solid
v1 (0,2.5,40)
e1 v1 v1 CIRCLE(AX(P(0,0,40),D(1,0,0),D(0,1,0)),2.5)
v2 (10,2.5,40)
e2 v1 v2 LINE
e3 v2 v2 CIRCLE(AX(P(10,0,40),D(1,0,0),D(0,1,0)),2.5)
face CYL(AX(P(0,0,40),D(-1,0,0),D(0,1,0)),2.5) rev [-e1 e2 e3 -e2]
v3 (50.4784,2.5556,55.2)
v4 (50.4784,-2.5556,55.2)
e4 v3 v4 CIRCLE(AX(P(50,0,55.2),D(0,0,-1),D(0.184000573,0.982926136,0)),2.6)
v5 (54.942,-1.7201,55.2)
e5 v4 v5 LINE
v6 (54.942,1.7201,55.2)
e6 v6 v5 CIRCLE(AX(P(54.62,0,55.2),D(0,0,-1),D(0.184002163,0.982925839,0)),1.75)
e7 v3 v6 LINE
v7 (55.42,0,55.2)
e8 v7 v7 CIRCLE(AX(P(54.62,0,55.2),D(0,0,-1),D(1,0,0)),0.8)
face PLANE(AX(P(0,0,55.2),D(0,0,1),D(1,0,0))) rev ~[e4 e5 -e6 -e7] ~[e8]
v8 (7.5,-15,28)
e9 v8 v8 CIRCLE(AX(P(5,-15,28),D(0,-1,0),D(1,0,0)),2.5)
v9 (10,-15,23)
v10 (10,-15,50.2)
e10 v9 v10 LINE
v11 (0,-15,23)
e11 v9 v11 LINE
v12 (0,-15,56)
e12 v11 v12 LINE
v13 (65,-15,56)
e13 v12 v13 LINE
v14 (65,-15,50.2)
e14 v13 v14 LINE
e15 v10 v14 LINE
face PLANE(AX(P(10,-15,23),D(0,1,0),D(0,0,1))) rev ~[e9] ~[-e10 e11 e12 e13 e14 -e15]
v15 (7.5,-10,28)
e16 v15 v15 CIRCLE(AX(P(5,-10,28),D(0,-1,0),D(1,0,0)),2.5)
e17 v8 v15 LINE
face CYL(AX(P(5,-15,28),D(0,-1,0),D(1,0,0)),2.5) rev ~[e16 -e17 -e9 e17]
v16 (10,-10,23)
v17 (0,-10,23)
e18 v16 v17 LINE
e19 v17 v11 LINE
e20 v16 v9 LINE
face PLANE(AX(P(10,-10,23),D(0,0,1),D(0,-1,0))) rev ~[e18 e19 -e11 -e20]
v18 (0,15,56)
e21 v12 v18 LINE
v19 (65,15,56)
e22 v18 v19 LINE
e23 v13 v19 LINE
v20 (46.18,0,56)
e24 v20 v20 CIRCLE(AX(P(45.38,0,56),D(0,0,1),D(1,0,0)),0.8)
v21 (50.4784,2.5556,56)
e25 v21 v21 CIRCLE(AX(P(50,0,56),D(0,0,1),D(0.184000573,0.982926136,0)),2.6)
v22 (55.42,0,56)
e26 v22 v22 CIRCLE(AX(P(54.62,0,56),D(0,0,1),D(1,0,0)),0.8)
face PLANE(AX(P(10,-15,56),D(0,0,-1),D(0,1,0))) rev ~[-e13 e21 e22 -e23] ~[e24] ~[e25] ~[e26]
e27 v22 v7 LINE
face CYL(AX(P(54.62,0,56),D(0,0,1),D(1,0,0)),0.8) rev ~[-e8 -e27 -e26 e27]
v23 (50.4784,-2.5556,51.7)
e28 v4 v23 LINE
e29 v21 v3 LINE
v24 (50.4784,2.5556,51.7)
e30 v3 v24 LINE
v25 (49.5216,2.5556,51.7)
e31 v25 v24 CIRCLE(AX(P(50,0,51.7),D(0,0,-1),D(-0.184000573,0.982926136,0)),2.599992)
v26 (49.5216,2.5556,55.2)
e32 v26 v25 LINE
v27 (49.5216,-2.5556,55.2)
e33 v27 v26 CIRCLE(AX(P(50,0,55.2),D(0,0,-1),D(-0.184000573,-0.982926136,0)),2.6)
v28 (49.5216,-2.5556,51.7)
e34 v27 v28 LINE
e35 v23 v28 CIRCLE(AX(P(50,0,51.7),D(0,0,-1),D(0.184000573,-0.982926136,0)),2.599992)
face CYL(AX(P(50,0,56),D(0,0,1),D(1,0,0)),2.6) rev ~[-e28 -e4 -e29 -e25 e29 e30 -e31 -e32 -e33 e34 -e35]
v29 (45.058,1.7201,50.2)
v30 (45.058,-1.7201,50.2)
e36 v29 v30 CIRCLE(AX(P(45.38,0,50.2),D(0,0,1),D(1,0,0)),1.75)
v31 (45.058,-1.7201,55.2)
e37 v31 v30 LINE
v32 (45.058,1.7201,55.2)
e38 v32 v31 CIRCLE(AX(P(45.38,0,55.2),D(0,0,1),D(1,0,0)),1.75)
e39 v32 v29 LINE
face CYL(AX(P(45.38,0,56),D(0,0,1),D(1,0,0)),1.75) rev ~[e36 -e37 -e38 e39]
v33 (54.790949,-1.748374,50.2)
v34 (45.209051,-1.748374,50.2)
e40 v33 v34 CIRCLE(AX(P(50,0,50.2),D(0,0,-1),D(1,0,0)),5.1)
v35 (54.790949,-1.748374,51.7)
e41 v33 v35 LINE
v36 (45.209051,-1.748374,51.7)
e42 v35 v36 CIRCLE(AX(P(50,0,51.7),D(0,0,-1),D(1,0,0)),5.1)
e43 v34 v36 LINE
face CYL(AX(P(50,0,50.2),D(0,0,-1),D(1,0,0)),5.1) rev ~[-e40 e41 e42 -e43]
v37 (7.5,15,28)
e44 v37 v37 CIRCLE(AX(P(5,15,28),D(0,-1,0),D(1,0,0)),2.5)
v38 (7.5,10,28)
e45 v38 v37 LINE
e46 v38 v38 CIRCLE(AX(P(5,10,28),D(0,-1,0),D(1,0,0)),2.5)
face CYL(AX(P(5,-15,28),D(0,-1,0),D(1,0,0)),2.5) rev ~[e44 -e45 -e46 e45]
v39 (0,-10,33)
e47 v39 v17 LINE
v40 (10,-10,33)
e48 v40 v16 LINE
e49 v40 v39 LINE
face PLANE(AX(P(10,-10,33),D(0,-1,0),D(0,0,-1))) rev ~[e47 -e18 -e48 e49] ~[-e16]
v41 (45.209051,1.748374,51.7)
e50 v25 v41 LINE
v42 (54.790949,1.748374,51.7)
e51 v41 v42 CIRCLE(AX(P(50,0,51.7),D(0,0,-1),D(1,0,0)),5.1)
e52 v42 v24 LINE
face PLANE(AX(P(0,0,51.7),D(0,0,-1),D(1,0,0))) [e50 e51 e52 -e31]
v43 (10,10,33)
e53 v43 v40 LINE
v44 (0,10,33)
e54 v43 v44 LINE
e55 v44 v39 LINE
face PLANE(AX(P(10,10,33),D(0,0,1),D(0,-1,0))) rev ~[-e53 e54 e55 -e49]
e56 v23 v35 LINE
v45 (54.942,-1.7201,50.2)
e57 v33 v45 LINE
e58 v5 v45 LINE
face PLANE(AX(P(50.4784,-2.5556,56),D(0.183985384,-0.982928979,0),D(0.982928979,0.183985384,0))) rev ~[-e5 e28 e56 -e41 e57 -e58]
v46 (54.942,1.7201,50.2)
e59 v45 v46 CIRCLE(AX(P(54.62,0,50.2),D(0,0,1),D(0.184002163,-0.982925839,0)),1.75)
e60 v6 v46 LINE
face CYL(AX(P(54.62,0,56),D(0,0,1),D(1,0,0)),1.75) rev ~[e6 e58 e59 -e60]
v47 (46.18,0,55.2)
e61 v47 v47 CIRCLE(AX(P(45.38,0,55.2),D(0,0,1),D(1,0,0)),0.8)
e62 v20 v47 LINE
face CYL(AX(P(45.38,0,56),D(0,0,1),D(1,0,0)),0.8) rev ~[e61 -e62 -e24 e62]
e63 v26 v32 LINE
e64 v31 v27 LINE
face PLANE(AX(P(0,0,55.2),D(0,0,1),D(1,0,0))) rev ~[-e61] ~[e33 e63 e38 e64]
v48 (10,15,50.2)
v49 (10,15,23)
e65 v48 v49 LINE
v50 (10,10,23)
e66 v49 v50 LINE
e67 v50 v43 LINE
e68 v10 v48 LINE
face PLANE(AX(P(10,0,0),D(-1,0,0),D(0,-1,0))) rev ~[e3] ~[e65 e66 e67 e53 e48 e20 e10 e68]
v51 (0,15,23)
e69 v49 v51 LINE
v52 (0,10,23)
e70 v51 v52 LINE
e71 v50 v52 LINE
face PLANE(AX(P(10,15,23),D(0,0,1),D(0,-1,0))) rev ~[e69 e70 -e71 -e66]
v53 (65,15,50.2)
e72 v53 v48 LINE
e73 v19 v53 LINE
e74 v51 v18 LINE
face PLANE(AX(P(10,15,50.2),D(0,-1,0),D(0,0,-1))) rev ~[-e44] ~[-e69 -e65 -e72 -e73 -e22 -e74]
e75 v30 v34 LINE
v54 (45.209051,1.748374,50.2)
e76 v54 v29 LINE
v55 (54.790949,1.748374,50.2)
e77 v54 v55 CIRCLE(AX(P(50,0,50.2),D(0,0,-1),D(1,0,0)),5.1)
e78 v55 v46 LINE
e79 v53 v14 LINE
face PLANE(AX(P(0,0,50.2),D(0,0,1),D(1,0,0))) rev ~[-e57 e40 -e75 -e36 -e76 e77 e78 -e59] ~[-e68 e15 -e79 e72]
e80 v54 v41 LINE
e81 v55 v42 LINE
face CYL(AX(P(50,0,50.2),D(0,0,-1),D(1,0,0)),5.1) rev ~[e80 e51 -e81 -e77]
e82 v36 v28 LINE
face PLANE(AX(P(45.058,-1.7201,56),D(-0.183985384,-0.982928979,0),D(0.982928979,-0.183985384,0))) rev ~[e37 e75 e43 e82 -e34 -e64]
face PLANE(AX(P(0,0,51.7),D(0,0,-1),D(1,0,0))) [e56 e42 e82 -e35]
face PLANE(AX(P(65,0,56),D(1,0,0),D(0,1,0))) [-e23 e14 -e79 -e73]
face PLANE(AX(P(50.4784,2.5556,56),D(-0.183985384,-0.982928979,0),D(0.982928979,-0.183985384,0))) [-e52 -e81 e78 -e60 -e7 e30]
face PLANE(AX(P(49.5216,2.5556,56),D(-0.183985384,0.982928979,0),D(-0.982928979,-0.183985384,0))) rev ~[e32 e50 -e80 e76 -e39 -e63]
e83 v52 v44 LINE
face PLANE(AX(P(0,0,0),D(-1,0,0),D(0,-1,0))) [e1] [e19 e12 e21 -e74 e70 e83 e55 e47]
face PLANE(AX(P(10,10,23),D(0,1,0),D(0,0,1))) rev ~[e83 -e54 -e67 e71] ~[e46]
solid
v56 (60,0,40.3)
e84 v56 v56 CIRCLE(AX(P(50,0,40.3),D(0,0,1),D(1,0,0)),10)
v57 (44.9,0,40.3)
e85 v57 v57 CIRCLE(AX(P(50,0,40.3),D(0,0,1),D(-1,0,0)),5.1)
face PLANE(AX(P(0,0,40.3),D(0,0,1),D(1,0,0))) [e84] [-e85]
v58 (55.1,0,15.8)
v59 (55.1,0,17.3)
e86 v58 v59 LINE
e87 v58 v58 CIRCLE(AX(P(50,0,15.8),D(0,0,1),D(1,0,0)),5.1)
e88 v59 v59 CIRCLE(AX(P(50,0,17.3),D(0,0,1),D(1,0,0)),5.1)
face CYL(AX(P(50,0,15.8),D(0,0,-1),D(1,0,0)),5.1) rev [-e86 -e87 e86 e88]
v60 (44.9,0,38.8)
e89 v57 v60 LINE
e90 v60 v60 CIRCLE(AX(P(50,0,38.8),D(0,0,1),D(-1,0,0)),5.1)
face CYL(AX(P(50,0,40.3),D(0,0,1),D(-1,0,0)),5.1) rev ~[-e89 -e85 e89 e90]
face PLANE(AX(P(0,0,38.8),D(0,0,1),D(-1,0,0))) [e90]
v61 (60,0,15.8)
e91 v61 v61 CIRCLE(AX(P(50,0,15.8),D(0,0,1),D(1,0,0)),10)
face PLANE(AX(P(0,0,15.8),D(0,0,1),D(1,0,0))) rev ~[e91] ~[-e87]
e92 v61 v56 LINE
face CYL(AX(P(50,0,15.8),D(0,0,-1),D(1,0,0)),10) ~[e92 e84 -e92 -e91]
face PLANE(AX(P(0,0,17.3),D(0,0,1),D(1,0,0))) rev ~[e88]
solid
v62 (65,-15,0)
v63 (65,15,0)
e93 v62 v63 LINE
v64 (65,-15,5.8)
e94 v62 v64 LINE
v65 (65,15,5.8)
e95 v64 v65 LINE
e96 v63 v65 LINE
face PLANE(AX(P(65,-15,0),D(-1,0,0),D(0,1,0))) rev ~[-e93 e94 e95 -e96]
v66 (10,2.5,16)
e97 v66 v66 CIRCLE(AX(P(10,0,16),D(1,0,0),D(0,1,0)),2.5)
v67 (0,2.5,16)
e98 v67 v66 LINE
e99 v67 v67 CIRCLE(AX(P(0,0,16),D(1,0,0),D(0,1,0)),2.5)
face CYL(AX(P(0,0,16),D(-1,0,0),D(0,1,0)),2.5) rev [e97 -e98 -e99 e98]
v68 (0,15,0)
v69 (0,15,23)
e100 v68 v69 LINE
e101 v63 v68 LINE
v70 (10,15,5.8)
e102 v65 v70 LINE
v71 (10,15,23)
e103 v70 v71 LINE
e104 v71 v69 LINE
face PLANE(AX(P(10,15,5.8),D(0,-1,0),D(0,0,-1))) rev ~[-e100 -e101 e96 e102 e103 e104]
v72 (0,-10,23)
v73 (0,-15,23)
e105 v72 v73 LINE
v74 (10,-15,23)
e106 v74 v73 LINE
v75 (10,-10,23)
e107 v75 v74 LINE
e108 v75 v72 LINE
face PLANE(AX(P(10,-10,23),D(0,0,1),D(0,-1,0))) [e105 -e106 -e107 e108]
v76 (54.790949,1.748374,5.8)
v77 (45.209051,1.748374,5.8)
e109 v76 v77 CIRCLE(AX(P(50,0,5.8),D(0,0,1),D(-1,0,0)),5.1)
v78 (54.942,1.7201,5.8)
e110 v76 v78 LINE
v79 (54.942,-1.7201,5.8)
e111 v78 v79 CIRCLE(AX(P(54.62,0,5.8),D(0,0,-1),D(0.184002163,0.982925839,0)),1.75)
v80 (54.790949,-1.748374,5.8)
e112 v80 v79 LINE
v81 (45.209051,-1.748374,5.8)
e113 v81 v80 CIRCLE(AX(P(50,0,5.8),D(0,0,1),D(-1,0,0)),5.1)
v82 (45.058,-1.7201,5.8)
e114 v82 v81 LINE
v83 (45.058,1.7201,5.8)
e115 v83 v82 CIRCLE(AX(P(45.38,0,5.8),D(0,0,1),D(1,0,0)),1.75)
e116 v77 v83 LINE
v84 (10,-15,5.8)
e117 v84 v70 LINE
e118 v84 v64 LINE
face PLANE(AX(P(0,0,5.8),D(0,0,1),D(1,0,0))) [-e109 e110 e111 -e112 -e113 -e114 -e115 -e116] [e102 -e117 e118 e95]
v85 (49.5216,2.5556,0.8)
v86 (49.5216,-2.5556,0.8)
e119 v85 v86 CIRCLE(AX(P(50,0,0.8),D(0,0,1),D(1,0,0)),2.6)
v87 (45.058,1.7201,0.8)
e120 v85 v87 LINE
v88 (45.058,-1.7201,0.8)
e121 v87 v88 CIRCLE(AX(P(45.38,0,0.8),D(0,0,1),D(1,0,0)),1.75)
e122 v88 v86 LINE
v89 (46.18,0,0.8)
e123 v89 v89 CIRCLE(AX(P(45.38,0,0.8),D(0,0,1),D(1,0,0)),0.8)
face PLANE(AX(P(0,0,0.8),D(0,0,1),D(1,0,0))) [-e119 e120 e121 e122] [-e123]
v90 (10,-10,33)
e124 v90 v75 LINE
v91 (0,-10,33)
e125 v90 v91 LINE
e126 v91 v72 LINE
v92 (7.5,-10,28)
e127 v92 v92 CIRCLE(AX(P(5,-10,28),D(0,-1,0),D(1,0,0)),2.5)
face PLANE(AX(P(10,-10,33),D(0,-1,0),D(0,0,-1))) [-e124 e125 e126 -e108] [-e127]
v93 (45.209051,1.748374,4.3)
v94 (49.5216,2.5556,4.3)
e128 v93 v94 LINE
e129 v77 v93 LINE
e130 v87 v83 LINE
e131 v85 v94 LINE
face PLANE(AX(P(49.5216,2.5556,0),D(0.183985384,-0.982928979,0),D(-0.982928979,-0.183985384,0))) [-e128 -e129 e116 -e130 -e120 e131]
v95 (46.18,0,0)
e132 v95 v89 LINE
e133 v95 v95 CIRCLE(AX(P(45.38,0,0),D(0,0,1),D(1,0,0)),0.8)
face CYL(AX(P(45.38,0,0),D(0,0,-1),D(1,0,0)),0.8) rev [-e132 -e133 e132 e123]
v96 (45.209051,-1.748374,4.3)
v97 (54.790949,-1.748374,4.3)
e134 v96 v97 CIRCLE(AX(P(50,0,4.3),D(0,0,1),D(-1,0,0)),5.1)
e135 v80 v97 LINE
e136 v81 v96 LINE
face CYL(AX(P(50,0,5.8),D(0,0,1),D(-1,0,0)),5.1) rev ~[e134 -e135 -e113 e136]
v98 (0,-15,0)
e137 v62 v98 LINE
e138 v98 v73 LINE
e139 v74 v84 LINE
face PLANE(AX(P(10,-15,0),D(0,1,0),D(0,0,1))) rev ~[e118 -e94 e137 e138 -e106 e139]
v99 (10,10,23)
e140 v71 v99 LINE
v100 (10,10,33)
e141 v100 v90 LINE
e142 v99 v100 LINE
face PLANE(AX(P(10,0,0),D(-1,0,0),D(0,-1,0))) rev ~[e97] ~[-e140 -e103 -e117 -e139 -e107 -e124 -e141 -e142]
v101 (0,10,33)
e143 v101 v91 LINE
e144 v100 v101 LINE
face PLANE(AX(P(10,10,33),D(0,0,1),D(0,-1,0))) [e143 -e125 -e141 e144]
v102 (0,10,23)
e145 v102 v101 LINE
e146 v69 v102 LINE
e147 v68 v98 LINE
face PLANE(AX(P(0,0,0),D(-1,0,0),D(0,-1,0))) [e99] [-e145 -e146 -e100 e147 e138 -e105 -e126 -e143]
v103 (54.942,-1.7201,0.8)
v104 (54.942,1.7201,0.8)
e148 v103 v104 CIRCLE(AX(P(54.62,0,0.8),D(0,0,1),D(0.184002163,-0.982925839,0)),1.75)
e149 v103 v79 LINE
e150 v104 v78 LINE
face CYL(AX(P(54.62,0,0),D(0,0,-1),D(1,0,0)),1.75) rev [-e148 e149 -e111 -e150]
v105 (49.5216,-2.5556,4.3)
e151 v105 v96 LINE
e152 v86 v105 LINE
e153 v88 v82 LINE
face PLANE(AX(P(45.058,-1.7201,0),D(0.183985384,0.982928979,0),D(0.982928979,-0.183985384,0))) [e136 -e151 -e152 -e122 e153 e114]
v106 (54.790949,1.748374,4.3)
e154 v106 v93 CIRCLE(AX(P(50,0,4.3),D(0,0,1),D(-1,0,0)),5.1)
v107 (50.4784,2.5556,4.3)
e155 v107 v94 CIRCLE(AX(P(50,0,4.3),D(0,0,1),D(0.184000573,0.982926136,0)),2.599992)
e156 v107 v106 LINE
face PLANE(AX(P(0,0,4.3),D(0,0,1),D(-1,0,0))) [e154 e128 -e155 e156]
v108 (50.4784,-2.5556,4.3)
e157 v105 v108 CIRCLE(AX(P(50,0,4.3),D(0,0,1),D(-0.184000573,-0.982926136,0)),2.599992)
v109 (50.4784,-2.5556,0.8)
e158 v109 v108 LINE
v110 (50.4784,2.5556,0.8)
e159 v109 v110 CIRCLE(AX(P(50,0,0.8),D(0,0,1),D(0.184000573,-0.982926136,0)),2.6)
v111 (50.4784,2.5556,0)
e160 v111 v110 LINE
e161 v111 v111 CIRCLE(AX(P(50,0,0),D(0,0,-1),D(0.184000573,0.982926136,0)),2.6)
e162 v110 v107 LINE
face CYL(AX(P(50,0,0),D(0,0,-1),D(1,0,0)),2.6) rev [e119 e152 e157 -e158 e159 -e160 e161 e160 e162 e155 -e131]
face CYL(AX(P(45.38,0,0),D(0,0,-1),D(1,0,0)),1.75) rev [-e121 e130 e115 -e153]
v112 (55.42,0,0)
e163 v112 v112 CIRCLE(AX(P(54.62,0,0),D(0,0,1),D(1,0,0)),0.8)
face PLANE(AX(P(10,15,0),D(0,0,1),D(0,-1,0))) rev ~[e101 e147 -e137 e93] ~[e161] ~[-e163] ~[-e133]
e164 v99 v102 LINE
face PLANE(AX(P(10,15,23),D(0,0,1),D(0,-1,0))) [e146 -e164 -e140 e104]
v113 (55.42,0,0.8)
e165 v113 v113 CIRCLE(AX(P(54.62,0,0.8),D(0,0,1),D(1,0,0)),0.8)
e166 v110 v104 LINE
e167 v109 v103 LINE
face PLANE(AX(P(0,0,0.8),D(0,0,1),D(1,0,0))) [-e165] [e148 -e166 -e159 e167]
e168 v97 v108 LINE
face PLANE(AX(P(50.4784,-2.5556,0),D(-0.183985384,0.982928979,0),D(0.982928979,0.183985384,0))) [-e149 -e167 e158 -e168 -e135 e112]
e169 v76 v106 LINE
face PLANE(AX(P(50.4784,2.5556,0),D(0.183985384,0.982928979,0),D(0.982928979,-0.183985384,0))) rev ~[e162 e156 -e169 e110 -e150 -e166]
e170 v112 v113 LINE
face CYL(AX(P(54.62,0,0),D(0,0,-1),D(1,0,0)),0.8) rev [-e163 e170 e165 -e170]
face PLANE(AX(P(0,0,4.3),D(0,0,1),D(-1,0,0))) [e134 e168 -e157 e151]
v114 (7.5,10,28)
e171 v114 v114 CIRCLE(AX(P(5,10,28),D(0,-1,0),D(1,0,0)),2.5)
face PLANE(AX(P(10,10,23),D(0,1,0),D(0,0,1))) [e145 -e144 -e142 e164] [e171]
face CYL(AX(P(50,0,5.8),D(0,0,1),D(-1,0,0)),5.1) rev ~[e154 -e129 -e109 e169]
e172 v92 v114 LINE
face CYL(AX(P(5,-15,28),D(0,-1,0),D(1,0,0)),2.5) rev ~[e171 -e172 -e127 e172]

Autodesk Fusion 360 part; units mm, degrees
sketch "Sketch1" plane through (0, 0, 0) normal (0, 0, 1) x (1, 0, 0)
  line L0 (0, -15) -> (65, -15)
  line L1 (65, -15) -> (65, 15)
  line L2 (65, 15) -> (0, 15)
  line L3 (0, 15) -> (0, -15)
  line L4 (54.62, 0) -> (45.38, 0) construction
  line L5 (45.058, -1.7201) -> (49.5216, -2.5556)
  circle A0 centre (50, 0) radius 2.6
  circle A1 centre (54.62, 0) radius 0.8
  circle A2 centre (54.62, 0) radius 1.75
  line L6 (50.4784, -2.5556) -> (54.942, -1.7201)
  line L7 (49.5216, 2.5556) -> (45.058, 1.7201)
  line L8 (50.4784, 2.5556) -> (54.942, 1.7201)
  circle A3 centre (45.38, 0) radius 0.8
  circle A4 centre (45.38, 0) radius 1.75
  line L9 (54.62, 0) -> (65, 0) construction
  line L10 (10, -15) -> (10, 15)
  point P0 (50, 0)
  point P1 (50, 0)
  dimension "d1" = 30
  dimension "d5" = 5.2
  dimension "d6" = 9.24
  dimension "d7" = 3.5
  dimension "d8" = 1.6
  dimension "d11" = 15
  dimension "d12" = 10
  dimension "d122" = 55
extrude "Extrude1" add sketch "Sketch1" along normal blind 0.8 contours L5 A0 L7 A4 | A4 | A0 A2 L6 L8 | A2 makes body 1 at (53.8101, 1.2278, 0.8) makes body 2 at (46.1899, -1.2278, 0)
extrude "Extrude2" add sketch "Sketch1" along normal blind 5.8 contours L0 L1 L2 L10 bodies 1 2
sketch "Sketch2" plane through (0, 0, 5.8) normal (0, 0, 1) x (-1, 0, 0)
  arc A0 (-50.4784, -2.5556) -> (-49.5216, -2.5556) centre (-50, 0) ccw
  line L0 (-50.4784, -2.5556) -> (-54.942, -1.7201)
  arc A1 (-54.942, 1.7201) -> (-54.942, -1.7201) centre (-54.62, 0) ccw
  line L1 (-54.942, 1.7201) -> (-50.4784, 2.5556)
  arc A2 (-49.5216, 2.5556) -> (-50.4784, 2.5556) centre (-50, 0) ccw
  line L2 (-49.5216, 2.5556) -> (-45.058, 1.7201)
  arc A3 (-45.058, -1.7201) -> (-45.058, 1.7201) centre (-45.38, 0) ccw
  line L3 (-45.058, -1.7201) -> (-49.5216, -2.5556)
  line L4 (-65, 15) -> (-65, -15)
  line L5 (-65, -15) -> (-10, -15)
  line L6 (-10, -15) -> (-10, 15)
  line L7 (-10, 15) -> (-65, 15)
  circle A4 centre (-50, 0) radius 5.1
  dimension "d17" = 10.2
extrude "Extrude3" cut sketch "Sketch2" against normal blind 1.5 contours A0 L0 L3 A4 | L1 A2 L2 A4 bodies 1
ref_plane "WorkPlane1" through (0, 0, 56) normal (0, 0, 1) x (1, 0, 0)
sketch "Sketch5" plane through (0, 0, 56) normal (0, 0, 1) x (1, 0, 0)
  line L0 (65, -15) -> (65, 15)
  line L1 (65, 15) -> (0, 15)
  line L2 (0, -15) -> (65, -15)
  line L3 (0, 15) -> (0, -15)
  line L4 (10, -15) -> (10, 15)
  line L5 (50.4784, -2.5556) -> (54.942, -1.7201)
  line L6 (54.62, 0) -> (65, 0)
  line L7 (54.62, 0) -> (45.38, 0)
  circle A0 centre (50, 0) radius 2.6
  circle A1 centre (54.62, 0) radius 1.75
  circle A2 centre (54.62, 0) radius 0.8
  line L8 (50.4784, 2.5556) -> (54.942, 1.7201)
  line L9 (49.5216, 2.5556) -> (45.058, 1.7201)
  line L10 (45.058, -1.7201) -> (49.5216, -2.5556)
  circle A3 centre (45.38, 0) radius 1.75
  circle A4 centre (45.38, 0) radius 0.8
extrude "Extrude7" add sketch "Sketch5" against normal blind 0.8 separate body contours L5 L7 A0 A1 | L6 L7 A1 A2 | L7 A0 L10 A3 | L7 A0 A1 L8 | L6 L7 A1 A2 | L7 A0 L9 A3 | A3 makes body 3 at (46.1899, -1.2278, 56) makes body 4 at (53.8101, 1.2278, 56)
extrude "Extrude8" add sketch "Sketch5" against normal blind 5.8 contours L0 L1 L2 L4 bodies 3 4
sketch "Sketch7" plane through (0, 0, 50.2) normal (0, 0, -1) x (1, 0, 0)
  arc A0 (49.5216, -2.5556) -> (50.4784, -2.5556) centre (50, 0) ccw
  line L0 (49.5216, -2.5556) -> (45.058, -1.7201)
  arc A1 (45.058, 1.7201) -> (45.058, -1.7201) centre (45.38, 0) ccw
  line L1 (45.058, 1.7201) -> (49.5216, 2.5556)
  arc A2 (50.4784, 2.5556) -> (49.5216, 2.5556) centre (50, 0) ccw
  line L2 (50.4784, 2.5556) -> (54.942, 1.7201)
  arc A3 (54.942, -1.7201) -> (54.942, 1.7201) centre (54.62, 0) ccw
  line L3 (54.942, -1.7201) -> (50.4784, -2.5556)
  line L4 (65, -15) -> (65, 15)
  line L5 (65, 15) -> (10, 15)
  line L6 (10, 15) -> (10, -15)
  line L7 (10, -15) -> (65, -15)
  circle A4 centre (50, 0) radius 5.1
extrude "Extrude9" cut sketch "Sketch7" against normal blind 1.5 contours A0 L0 L3 A4 | L1 A2 L2 A4 bodies 3
copy_body "Body->Comp1" bodies 1 removing the originals makes body 5 in component "Bottom Stand"
copy_body "Body->Comp2" bodies 3 removing the originals makes body 6 in component "Top Stand"
sketch "Sketch12" plane through (10, 0, 0) normal (-1, 0, 0) x (0, -1, 0)
  line L0 (-15, 0) -> (15, 0)
  line L1 (15, 0) -> (15, 5.8)
  line L2 (15, 5.8) -> (-15, 5.8)
  line L3 (-15, 5.8) -> (-15, 0)
  line L4 (-15, 0) -> (-15, 23)
  line L5 (-15, 23) -> (-10, 23)
  line L6 (-10, 23) -> (-10, 33)
  line L7 (-10, 33) -> (10, 33)
  line L8 (10, 33) -> (10, 23)
  line L9 (10, 23) -> (15, 23)
  line L10 (15, 23) -> (15, 0)
  line L11 (-15, 0) -> (15, 0)
  line L12 (15, 0) -> (15, 5.8)
  line L13 (15, 5.8) -> (-15, 5.8)
  line L14 (-15, 5.8) -> (-15, 0)
  line L15 (-15, 56) -> (-15, 23)
  line L16 (15, 23) -> (15, 56)
  line L17 (15, 56) -> (-15, 56)
  line L18 (15, 56) -> (-15, 56)
  line L19 (-15, 56) -> (-15, 50.2)
  line L20 (-15, 50.2) -> (15, 50.2)
  line L21 (15, 50.2) -> (15, 56)
  line L22 (10, 28) -> (-10, 28) construction
  line L23 (10, 28) -> (10, 50.2) construction
  line L24 (10, 28) -> (10, 5.8) construction
  dimension "d86" = 10
  dimension "d87" = 5
extrude "Extrude1'" add sketch "Sketch12" along normal blind 10 contours L0 L1 L2 L3 L4 L10 L11 L12 L13 L14 | L2 L4 L5 L6 L7 L8 L9 L10 L13 bodies 5 in component "Bottom Stand"
extrude "Extrude1''" add sketch "Sketch12" along normal blind 10 contours L5 L6 L7 L8 L9 L15 L16 L20 | L15 L16 L17 L18 L19 L20 L21 bodies 6 in component "Top Stand"
ref_plane "WorkPlane2" through (0, 0, 15.8) normal (0, 0, 1) x (1, 0, 0)
sketch "Sketch14" plane through (0, 0, 15.8) normal (0, 0, 1) x (1, 0, 0)
  circle A0 centre (50, 0) radius 2.6 construction
  circle A1 centre (50, 0) radius 10
  circle A2 centre (50, 0) radius 5.1
  dimension "d102" = 20
  dimension "d103" = 10.2
extrude "Extrude14" add sketch "Sketch14" along normal blind 24.5 separate body contours A1 | A2 makes body 7
extrude "Extrude15" cut sketch "Sketch14" along normal blind 1.5 contours A2 bodies 7
sketch "Sketch15" plane through (0, 0, 40.3) normal (0, 0, 1) x (-1, 0, 0)
  circle A0 centre (-50, 0) radius 10
  circle A1 centre (-50, 0) radius 5.1
extrude "Extrude16" cut sketch "Sketch15" against normal blind 1.5 contours A1 bodies 7
sketch "Sketch16" plane through (0, -15, 0) normal (0, -1, 0) x (1, 0, 0)
  line L0 (0, 0) -> (65, 0)
  line L1 (65, 0) -> (65, 5.8)
  line L2 (65, 5.8) -> (10, 5.8)
  line L3 (10, 5.8) -> (10, 23)
  line L4 (10, 23) -> (0, 23)
  line L5 (0, 23) -> (0, 0)
  circle A0 centre (5, 28) radius 2.5
  line L6 (5, 28) -> (5, 0) construction
  dimension "d110" = 5
  dimension "d113" = 28
  dimension "d114" = 5
extrude "Extrude2'" cut sketch "Sketch16" against normal blind 30 contours A0 bodies 5 in component "Bottom Stand"
extrude "Extrude2''" cut sketch "Sketch16" against normal blind 30 contours A0 bodies 6 in component "Top Stand"
sketch "Sketch17" plane through (0, 0, 0) normal (1, 0, 0) x (0, 1, 0)
  circle A0 centre (0, 16) radius 2.5
  circle A1 centre (0, 40) radius 2.5
  line L0 (15, 23) -> (15, 0)
  line L1 (15, 0) -> (-15, 0)
  line L2 (-15, 0) -> (-15, 23)
  line L3 (-15, 23) -> (-10, 23)
  line L4 (-10, 23) -> (-10, 33)
  line L5 (-10, 33) -> (10, 33)
  line L6 (10, 33) -> (10, 23)
  line L7 (10, 23) -> (15, 23)
  line L8 (-15, 23) -> (-15, 56)
  line L9 (-15, 56) -> (15, 56)
  line L10 (15, 56) -> (15, 23)
  line L11 (15, 23) -> (10, 23)
  line L12 (10, 23) -> (10, 33)
  line L13 (10, 33) -> (-10, 33)
  line L14 (-10, 33) -> (-10, 23)
  line L15 (-10, 23) -> (-15, 23)
  line L16 (0, 0) -> (0, 16) construction
  line L17 (0, 40) -> (0, 56) construction
  dimension "d119" = 5
  dimension "d120" = 24
extrude "Extrude3'" cut sketch "Sketch17" along normal blind 10 contours A0 | A1 bodies 5 in component "Bottom Stand"
extrude "Extrude3''" cut sketch "Sketch17" along normal blind 10 contours A0 | A1 bodies 6 in component "Top Stand"
component "Bottom Stand" placed x (1, 0, 0) y (0, 1, 0) z (0, 0, 1) at (0, 0, 0)
component "Top Stand" placed x (1, 0, 0) y (0, 1, 0) z (0, 0, 1) at (0, 0, 0)
equation "d15 = PlateThickness"
equation "d31 = Separation"
equation "PlateThickness = 5.8 mm"
equation "d35 = -PlateThickness"
equation "Separation = 56 mm" comment "original: 56"
equation "d104 = Separation - 31.5 mm"
equation "d113 = Separation / 2"
equation "Length = 55 mm" comment "original: 55"
equation "d122 = Length"
